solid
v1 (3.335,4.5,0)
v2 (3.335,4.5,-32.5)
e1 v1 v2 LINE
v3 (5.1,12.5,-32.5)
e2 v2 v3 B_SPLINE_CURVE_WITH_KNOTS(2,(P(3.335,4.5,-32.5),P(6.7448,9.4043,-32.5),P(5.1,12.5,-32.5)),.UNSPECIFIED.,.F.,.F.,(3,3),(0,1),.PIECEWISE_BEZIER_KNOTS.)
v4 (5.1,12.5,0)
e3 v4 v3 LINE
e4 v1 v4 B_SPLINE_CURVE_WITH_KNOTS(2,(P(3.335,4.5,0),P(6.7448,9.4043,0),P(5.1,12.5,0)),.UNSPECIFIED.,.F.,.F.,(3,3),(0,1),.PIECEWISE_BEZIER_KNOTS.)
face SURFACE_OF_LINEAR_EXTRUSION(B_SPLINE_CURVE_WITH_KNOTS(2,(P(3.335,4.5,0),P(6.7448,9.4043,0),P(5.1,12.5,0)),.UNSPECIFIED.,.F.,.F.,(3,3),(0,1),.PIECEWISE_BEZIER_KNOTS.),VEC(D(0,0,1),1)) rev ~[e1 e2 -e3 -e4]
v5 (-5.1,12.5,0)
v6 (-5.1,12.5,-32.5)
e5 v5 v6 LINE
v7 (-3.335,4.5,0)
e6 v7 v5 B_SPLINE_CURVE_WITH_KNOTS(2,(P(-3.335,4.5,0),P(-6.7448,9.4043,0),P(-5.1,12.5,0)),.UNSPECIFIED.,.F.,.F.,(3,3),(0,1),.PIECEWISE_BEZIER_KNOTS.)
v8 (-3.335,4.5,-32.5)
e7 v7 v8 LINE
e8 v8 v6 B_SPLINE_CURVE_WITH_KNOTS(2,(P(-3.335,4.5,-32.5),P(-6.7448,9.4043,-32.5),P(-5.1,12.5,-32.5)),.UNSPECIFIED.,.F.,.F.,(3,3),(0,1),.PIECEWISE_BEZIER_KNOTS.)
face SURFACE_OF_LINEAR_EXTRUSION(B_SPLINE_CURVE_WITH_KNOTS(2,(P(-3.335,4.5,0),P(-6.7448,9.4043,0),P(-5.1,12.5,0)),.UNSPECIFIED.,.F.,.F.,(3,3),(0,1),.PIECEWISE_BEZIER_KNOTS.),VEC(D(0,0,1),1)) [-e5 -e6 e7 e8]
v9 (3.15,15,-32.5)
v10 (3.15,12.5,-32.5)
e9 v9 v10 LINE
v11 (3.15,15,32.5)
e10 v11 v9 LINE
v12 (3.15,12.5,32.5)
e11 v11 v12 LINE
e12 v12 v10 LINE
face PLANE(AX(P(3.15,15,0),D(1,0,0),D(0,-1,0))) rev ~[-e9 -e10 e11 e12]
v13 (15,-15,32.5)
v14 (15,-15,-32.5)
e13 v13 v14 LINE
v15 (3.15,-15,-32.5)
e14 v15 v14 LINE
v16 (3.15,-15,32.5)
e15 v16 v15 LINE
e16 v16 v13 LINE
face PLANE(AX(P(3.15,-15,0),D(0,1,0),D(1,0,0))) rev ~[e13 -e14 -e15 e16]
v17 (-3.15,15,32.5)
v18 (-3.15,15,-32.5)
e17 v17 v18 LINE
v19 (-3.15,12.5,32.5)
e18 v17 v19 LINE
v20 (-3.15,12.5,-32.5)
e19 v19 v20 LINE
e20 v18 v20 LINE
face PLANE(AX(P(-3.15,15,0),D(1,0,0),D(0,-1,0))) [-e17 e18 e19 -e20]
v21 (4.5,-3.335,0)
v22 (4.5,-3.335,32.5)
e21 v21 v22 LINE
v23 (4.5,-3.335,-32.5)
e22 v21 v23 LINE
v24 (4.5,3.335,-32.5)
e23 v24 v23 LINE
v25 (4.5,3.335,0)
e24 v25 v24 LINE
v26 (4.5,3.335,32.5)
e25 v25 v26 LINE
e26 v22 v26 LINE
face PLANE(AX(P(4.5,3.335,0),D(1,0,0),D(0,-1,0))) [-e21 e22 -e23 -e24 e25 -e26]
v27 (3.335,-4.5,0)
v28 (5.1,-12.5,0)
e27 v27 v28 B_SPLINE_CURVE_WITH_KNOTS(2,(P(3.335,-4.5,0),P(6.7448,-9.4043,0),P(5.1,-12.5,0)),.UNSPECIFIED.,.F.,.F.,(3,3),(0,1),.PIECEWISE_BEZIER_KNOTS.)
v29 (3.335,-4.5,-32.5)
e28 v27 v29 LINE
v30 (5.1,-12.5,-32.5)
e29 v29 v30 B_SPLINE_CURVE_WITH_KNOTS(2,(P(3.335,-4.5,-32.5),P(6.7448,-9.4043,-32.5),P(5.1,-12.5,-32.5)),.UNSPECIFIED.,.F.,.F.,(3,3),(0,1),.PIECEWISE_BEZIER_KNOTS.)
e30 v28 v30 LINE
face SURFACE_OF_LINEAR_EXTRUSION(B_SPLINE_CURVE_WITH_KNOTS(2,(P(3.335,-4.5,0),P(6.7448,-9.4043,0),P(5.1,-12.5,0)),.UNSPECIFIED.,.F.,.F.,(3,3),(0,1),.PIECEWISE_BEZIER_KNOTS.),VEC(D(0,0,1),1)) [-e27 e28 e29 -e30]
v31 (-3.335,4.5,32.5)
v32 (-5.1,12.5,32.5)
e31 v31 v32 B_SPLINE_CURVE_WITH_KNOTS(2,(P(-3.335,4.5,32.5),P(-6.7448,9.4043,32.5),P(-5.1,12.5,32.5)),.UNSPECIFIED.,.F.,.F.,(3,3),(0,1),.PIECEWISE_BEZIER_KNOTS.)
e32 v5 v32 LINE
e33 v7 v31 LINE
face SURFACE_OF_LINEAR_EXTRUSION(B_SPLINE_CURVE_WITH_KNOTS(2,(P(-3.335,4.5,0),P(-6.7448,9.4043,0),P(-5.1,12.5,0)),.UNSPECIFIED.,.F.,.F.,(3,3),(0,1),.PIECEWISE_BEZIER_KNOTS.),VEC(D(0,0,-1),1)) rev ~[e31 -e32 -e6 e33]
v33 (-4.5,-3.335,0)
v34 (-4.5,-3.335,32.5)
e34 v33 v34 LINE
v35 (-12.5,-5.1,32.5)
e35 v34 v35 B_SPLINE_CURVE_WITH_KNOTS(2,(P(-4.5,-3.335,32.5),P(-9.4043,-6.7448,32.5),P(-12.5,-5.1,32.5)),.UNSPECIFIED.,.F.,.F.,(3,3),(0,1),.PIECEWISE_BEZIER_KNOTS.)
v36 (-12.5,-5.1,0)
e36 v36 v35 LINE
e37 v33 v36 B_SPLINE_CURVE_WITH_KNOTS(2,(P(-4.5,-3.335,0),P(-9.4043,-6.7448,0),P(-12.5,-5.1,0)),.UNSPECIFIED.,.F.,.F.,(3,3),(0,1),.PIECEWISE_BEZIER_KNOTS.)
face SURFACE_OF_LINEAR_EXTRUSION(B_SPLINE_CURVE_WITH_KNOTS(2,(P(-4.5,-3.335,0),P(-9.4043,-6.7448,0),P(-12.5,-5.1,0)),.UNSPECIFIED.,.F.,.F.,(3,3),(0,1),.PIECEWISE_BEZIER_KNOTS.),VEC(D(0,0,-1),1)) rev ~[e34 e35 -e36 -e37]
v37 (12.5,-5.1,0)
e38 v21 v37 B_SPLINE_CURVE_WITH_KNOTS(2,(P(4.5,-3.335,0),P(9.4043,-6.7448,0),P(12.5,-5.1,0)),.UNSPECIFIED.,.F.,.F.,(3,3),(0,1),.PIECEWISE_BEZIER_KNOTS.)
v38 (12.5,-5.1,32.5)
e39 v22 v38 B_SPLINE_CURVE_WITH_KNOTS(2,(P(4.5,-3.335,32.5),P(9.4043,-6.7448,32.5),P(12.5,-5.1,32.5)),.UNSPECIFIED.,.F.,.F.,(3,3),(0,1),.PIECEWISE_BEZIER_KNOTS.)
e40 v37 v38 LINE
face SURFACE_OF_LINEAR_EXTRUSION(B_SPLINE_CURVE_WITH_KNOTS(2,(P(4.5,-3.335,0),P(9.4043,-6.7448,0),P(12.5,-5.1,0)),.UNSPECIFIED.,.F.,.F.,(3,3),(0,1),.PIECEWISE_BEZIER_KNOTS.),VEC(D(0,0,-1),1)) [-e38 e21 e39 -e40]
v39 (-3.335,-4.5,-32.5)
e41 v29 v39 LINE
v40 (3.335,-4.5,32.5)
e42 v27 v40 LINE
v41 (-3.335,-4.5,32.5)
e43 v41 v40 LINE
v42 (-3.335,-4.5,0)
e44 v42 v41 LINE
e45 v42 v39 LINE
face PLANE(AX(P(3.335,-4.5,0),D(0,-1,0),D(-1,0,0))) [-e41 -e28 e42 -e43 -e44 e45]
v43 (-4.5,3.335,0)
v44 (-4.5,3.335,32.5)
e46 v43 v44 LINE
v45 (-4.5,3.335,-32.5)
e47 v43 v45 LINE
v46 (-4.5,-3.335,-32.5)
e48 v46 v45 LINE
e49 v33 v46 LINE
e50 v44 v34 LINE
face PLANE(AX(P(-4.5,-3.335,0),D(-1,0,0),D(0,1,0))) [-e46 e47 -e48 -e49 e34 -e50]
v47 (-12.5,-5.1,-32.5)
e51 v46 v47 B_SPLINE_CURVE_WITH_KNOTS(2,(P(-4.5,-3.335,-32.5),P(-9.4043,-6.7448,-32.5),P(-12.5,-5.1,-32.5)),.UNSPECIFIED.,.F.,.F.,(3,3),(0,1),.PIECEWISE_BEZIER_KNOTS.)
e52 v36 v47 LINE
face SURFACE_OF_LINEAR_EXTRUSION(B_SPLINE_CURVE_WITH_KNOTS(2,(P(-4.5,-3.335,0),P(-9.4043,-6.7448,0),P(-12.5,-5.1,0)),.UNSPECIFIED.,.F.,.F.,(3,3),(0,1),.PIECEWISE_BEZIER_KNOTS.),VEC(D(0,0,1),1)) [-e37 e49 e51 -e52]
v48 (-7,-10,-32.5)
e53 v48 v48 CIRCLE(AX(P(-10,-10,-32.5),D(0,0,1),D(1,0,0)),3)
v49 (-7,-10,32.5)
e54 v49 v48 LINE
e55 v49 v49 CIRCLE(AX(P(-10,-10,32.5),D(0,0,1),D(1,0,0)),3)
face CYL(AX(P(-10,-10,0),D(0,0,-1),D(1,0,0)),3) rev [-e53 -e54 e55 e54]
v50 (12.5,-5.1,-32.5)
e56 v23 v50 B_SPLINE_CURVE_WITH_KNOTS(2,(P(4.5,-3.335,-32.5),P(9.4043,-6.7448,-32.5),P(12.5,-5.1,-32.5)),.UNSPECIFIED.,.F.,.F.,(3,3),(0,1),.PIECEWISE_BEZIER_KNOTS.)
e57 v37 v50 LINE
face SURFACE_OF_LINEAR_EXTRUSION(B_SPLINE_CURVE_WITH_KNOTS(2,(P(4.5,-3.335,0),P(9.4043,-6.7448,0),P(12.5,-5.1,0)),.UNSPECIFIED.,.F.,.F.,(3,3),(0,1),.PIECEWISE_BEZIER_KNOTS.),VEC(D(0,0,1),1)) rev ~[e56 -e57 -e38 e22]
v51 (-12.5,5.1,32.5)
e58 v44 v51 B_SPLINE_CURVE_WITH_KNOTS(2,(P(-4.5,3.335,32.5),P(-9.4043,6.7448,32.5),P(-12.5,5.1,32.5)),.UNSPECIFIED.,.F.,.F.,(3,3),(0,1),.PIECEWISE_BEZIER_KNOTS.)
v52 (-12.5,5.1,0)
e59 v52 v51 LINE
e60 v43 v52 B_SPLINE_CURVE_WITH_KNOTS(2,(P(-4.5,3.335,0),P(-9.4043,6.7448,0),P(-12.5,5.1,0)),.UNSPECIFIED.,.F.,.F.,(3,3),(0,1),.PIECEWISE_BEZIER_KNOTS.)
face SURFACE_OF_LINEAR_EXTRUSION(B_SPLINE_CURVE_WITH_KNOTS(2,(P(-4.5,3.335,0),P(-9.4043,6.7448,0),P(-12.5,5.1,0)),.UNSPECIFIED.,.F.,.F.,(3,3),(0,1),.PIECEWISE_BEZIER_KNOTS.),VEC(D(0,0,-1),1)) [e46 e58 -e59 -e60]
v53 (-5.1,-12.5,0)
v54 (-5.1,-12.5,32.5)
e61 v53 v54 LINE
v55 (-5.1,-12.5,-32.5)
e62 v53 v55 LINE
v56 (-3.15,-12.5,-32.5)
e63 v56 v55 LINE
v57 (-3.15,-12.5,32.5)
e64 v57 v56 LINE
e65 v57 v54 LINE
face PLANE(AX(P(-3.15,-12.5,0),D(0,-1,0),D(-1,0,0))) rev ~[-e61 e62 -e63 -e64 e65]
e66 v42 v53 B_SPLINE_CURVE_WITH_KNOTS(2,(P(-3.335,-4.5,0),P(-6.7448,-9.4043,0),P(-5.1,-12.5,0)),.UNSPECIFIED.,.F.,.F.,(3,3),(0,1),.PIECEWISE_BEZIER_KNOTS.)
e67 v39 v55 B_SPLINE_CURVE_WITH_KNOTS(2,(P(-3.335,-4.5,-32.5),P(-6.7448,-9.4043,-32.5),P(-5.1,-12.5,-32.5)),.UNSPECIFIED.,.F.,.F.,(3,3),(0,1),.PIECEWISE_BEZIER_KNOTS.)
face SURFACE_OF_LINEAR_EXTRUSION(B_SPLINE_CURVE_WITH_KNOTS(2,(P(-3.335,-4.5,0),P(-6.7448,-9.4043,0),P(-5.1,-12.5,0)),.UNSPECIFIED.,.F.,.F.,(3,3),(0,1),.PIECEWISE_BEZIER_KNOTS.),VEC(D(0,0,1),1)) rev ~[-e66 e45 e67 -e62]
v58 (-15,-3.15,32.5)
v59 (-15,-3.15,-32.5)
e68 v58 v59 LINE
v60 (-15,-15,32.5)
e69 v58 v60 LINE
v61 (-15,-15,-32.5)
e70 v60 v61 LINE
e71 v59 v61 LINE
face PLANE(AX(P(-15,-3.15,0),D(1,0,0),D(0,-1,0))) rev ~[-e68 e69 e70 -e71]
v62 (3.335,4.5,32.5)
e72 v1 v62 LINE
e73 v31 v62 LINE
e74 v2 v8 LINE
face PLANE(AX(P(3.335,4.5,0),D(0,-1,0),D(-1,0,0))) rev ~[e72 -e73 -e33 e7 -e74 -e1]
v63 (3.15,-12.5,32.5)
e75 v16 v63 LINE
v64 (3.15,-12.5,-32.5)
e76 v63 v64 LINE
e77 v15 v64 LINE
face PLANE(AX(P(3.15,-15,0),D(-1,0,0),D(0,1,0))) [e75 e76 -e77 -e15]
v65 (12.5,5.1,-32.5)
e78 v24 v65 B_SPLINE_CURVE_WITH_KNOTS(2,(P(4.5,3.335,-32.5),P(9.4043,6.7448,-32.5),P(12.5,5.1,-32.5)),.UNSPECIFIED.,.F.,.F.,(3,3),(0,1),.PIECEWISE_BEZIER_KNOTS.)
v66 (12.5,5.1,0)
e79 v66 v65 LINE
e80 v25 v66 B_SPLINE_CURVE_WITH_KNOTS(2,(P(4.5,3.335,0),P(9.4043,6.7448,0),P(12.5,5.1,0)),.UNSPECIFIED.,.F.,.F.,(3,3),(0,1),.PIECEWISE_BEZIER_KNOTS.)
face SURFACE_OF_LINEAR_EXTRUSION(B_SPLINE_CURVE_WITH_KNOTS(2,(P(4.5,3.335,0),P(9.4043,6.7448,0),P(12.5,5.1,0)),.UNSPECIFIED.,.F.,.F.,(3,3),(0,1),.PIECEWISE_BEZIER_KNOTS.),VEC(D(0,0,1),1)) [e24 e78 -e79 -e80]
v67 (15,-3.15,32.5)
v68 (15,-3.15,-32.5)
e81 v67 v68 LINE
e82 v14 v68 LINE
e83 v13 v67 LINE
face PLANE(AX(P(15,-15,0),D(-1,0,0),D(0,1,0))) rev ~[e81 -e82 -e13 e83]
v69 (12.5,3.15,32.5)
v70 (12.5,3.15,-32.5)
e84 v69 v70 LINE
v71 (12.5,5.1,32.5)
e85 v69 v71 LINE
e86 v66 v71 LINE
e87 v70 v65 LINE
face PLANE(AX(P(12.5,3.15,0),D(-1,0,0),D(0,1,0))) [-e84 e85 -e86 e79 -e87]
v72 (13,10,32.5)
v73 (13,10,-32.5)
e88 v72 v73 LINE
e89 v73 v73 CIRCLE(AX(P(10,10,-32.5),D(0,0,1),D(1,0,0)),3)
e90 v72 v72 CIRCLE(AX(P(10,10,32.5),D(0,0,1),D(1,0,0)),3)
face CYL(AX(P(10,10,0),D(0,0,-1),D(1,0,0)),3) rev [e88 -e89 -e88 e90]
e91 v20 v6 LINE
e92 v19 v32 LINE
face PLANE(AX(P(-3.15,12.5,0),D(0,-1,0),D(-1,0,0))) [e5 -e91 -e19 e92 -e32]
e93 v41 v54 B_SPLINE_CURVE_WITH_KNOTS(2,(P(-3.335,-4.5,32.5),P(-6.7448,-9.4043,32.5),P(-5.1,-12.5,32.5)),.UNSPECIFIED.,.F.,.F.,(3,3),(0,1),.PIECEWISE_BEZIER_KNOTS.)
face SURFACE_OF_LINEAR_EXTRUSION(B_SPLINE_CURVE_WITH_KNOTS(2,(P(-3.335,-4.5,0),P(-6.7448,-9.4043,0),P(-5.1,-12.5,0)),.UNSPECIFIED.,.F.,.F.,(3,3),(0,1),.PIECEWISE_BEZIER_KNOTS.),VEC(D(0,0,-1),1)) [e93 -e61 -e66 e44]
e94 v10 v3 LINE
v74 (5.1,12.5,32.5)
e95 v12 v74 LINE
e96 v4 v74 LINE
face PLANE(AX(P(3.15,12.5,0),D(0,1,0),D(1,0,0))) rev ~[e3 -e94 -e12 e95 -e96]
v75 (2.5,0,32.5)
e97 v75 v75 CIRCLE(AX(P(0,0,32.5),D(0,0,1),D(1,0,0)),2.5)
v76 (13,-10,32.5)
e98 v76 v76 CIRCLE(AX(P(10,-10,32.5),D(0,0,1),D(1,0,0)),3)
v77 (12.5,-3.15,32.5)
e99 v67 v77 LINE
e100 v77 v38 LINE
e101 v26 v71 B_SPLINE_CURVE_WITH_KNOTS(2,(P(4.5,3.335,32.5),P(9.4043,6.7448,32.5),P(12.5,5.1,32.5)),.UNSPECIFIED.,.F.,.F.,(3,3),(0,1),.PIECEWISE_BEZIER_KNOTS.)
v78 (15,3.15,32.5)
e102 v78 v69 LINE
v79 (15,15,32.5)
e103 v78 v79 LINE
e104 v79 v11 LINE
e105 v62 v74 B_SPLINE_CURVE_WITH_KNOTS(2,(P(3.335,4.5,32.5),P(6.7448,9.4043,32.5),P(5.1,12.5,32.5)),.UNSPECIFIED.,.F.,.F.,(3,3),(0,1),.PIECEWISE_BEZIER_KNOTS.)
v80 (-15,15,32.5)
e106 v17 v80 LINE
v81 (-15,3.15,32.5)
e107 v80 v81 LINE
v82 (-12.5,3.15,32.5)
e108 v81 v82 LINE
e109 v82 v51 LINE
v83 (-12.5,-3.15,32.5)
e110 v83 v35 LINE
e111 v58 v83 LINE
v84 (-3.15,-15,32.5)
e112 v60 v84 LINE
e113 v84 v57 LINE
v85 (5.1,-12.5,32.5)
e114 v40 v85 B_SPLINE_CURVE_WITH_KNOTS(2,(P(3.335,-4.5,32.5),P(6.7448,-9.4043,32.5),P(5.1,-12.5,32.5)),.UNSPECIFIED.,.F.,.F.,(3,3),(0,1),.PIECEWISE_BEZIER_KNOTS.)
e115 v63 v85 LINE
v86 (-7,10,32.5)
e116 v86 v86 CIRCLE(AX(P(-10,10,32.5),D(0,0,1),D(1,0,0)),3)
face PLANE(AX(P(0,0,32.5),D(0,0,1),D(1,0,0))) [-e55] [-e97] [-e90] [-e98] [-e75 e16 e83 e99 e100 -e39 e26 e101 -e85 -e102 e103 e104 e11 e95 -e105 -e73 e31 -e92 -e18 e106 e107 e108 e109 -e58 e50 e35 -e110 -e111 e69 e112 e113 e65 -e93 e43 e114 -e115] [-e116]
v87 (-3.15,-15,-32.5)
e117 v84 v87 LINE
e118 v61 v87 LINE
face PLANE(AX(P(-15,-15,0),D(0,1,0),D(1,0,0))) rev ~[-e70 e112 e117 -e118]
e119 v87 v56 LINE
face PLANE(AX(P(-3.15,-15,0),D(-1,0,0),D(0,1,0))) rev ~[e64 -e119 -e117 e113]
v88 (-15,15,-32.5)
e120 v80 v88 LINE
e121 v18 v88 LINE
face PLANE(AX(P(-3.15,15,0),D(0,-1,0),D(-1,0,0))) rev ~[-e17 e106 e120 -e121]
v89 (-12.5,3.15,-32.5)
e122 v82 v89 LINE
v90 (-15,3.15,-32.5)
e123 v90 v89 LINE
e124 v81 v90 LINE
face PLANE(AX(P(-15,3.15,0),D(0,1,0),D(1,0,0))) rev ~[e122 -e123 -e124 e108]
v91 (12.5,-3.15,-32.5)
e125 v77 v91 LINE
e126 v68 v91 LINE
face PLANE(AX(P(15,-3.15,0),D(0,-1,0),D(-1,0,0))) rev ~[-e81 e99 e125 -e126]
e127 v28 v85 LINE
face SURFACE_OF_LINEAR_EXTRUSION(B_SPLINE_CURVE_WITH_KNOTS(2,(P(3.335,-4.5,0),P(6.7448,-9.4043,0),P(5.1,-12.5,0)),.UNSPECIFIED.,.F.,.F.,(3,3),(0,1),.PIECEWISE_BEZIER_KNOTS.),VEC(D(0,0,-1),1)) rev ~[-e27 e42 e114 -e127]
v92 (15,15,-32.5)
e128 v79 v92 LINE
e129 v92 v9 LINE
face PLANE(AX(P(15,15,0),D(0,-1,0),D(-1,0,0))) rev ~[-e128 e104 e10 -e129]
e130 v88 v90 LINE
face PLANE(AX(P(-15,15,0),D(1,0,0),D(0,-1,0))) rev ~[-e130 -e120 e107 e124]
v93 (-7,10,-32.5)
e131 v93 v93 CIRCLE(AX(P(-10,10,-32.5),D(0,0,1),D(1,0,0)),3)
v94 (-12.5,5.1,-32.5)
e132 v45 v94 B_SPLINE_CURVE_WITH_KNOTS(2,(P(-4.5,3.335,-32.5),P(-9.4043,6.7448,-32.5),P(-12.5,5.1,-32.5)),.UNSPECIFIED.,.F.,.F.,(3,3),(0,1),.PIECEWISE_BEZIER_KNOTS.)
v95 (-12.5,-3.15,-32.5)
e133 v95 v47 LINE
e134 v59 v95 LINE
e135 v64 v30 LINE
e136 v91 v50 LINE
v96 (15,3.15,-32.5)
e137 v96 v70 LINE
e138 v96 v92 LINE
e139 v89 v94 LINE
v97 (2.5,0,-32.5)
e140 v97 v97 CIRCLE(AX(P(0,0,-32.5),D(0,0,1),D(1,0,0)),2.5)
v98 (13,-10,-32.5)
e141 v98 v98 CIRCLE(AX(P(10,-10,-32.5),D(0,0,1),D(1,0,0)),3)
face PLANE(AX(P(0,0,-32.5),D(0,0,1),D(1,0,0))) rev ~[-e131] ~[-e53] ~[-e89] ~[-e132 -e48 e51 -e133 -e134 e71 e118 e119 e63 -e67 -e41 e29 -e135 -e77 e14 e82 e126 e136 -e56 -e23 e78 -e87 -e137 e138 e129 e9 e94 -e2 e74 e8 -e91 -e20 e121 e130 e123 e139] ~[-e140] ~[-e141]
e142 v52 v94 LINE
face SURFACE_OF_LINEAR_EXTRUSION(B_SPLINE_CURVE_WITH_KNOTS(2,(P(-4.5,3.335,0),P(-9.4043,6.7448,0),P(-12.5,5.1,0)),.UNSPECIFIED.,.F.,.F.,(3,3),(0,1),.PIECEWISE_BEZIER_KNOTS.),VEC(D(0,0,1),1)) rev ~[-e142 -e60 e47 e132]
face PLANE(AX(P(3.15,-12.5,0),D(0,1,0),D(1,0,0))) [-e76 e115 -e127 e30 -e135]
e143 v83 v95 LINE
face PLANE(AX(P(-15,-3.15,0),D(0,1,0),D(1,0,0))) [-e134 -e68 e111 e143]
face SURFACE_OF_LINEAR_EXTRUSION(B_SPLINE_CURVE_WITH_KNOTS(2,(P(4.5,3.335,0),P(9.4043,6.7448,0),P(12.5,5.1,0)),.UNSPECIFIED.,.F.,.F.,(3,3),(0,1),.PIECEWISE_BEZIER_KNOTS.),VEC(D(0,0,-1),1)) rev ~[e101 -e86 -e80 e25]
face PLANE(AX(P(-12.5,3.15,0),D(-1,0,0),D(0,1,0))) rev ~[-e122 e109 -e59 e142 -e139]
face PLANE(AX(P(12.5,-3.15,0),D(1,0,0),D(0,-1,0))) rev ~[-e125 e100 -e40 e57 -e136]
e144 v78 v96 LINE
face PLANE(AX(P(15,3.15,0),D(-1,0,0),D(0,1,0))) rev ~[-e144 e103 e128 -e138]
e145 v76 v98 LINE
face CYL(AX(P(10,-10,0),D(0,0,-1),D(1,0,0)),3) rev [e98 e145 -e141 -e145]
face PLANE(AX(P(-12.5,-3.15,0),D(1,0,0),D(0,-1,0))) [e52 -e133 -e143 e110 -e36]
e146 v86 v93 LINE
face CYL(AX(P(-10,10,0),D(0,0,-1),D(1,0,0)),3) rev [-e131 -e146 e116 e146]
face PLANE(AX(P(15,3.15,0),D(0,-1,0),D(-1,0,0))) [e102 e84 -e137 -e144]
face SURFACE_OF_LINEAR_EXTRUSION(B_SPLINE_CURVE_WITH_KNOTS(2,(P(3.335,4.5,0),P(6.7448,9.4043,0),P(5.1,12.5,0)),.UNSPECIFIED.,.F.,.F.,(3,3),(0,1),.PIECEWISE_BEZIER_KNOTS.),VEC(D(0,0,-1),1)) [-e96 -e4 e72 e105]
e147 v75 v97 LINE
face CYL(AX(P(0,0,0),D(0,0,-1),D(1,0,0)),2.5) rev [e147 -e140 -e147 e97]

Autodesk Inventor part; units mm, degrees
ref_plane "YZ Plane" through (0, 0, 0) normal (1, 0, 0) x (0, 1, 0)
ref_plane "XZ Plane" through (0, 0, 0) normal (0, 1, 0) x (-1, 0, 0)
ref_plane "XY Plane" through (0, 0, 0) normal (0, 0, 1) x (1, 0, 0)
sketch "스케치1" plane through (0, 0, 0) normal (0, 0, 1) x (1, 0, 0)
  line L0 (3.335, 4.5) -> (0, 4.5)
  spline S0 degree 2 poles (3.335, 4.5) (6.7448, 9.4043) (5.1, 12.5) knots 0 0 0 1 1 1
  line L1 (4.5, 3.335) -> (4.5, 0)
  line L2 (-15, 15) -> (-15, -15)
  line L3 (-15, -15) -> (15, -15)
  line L4 (15, -15) -> (-15, 15) construction
  line L5 (-15, -15) -> (15, 15) construction
  line L6 (15, -3.15) -> (12.5, -3.15)
  line L7 (4.5, -3.335) -> (4.5, 0)
  line L8 (12.5, -3.15) -> (12.5, -5.1)
  spline S1 degree 2 poles (4.5, -3.335) (9.4043, -6.7448) (12.5, -5.1) knots 0 0 0 1 1 1
  line L9 (15, -15) -> (15, 15)
  circle A0 centre (10, -10) radius 3
  line L10 (15, 3.15) -> (12.5, 3.15)
  circle A1 centre (10, 10) radius 3
  spline S2 degree 2 poles (4.5, 3.335) (9.4043, 6.7448) (12.5, 5.1) knots 0 0 0 1 1 1
  line L11 (3.15, 12.5) -> (5.1, 12.5)
  line L12 (15, 15) -> (-15, 15)
  line L13 (0, 0) -> (0, 15) construction
  line L14 (3.15, 15) -> (3.15, 12.5)
  line L15 (-3.15, 15) -> (-3.15, 12.5)
  line L16 (-3.15, 12.5) -> (-5.1, 12.5)
  line L17 (-3.335, 4.5) -> (0, 4.5)
  spline S3 degree 2 poles (-3.335, 4.5) (-6.7448, 9.4043) (-5.1, 12.5) knots 0 0 0 1 1 1
  line L18 (-4.5, 3.335) -> (-4.5, 0)
  spline S4 degree 2 poles (-4.5, 3.335) (-9.4043, 6.7448) (-12.5, 5.1) knots 0 0 0 1 1 1
  line L19 (-12.5, 3.15) -> (-12.5, 5.1)
  line L20 (-15, 3.15) -> (-12.5, 3.15)
  circle A2 centre (-10, 10) radius 3
  circle A3 centre (0, 0) radius 2.5
  line L21 (-4.5, -3.335) -> (-4.5, 0)
  line L22 (-15, -3.15) -> (-12.5, -3.15)
  line L23 (-12.5, -3.15) -> (-12.5, -5.1)
  spline S5 degree 2 poles (-4.5, -3.335) (-9.4043, -6.7448) (-12.5, -5.1) knots 0 0 0 1 1 1
  line L24 (-3.335, -4.5) -> (0, -4.5)
  circle A4 centre (-10, -10) radius 3
  line L25 (3.335, -4.5) -> (0, -4.5)
  spline S6 degree 2 poles (-3.335, -4.5) (-6.7448, -9.4043) (-5.1, -12.5) knots 0 0 0 1 1 1
  line L26 (-3.15, -12.5) -> (-5.1, -12.5)
  line L27 (-3.15, -15) -> (-3.15, -12.5)
  spline S7 degree 2 poles (3.335, -4.5) (6.7448, -9.4043) (5.1, -12.5) knots 0 0 0 1 1 1
  line L28 (3.15, -12.5) -> (5.1, -12.5)
  line L29 (3.15, -15) -> (3.15, -12.5)
  line L30 (12.5, 3.15) -> (12.5, 5.1)
  point P0 (5.5866, 9.5531)
  point P1 (9.5531, -5.5866)
  point P2 (9.5531, 5.5866)
  point P3 (-5.5866, 9.5531)
  point P4 (-9.5531, 5.5866)
  point P5 (-9.5531, -5.5866)
  point P6 (-5.5866, -9.5531)
  point P7 (5.5866, -9.5531)
  dimension "d2" = 30
  dimension "d3" = 30
  dimension "d4" = 6
  dimension "d5" = 5
  dimension "d6" = 6.3
  dimension "d7" = 10.2
  dimension "d8" = 6.67
  dimension "d9" = 8
  dimension "d10" = 2.5
  dimension "d11" = 360
  dimension "d12" = 20
extrude "돌출1" add sketch "스케치1" along normal mid plane 65 contours S0 L11 L14 L12 L9 L10 L30 S2 L1 L7 S1 L8 L6 L3 L29 L28 S7 L25 L24 S6 L26 L27 L2 L22 L23 S5 L21 L18 S4 L19 L20 L15 L16 S3 L17 L0
equation "\"TransitionRadius\" = BendRadius"
equation "\"BendRadius\" = 0.5"
properties part number "3030 Aluminium Profile 65mm"
